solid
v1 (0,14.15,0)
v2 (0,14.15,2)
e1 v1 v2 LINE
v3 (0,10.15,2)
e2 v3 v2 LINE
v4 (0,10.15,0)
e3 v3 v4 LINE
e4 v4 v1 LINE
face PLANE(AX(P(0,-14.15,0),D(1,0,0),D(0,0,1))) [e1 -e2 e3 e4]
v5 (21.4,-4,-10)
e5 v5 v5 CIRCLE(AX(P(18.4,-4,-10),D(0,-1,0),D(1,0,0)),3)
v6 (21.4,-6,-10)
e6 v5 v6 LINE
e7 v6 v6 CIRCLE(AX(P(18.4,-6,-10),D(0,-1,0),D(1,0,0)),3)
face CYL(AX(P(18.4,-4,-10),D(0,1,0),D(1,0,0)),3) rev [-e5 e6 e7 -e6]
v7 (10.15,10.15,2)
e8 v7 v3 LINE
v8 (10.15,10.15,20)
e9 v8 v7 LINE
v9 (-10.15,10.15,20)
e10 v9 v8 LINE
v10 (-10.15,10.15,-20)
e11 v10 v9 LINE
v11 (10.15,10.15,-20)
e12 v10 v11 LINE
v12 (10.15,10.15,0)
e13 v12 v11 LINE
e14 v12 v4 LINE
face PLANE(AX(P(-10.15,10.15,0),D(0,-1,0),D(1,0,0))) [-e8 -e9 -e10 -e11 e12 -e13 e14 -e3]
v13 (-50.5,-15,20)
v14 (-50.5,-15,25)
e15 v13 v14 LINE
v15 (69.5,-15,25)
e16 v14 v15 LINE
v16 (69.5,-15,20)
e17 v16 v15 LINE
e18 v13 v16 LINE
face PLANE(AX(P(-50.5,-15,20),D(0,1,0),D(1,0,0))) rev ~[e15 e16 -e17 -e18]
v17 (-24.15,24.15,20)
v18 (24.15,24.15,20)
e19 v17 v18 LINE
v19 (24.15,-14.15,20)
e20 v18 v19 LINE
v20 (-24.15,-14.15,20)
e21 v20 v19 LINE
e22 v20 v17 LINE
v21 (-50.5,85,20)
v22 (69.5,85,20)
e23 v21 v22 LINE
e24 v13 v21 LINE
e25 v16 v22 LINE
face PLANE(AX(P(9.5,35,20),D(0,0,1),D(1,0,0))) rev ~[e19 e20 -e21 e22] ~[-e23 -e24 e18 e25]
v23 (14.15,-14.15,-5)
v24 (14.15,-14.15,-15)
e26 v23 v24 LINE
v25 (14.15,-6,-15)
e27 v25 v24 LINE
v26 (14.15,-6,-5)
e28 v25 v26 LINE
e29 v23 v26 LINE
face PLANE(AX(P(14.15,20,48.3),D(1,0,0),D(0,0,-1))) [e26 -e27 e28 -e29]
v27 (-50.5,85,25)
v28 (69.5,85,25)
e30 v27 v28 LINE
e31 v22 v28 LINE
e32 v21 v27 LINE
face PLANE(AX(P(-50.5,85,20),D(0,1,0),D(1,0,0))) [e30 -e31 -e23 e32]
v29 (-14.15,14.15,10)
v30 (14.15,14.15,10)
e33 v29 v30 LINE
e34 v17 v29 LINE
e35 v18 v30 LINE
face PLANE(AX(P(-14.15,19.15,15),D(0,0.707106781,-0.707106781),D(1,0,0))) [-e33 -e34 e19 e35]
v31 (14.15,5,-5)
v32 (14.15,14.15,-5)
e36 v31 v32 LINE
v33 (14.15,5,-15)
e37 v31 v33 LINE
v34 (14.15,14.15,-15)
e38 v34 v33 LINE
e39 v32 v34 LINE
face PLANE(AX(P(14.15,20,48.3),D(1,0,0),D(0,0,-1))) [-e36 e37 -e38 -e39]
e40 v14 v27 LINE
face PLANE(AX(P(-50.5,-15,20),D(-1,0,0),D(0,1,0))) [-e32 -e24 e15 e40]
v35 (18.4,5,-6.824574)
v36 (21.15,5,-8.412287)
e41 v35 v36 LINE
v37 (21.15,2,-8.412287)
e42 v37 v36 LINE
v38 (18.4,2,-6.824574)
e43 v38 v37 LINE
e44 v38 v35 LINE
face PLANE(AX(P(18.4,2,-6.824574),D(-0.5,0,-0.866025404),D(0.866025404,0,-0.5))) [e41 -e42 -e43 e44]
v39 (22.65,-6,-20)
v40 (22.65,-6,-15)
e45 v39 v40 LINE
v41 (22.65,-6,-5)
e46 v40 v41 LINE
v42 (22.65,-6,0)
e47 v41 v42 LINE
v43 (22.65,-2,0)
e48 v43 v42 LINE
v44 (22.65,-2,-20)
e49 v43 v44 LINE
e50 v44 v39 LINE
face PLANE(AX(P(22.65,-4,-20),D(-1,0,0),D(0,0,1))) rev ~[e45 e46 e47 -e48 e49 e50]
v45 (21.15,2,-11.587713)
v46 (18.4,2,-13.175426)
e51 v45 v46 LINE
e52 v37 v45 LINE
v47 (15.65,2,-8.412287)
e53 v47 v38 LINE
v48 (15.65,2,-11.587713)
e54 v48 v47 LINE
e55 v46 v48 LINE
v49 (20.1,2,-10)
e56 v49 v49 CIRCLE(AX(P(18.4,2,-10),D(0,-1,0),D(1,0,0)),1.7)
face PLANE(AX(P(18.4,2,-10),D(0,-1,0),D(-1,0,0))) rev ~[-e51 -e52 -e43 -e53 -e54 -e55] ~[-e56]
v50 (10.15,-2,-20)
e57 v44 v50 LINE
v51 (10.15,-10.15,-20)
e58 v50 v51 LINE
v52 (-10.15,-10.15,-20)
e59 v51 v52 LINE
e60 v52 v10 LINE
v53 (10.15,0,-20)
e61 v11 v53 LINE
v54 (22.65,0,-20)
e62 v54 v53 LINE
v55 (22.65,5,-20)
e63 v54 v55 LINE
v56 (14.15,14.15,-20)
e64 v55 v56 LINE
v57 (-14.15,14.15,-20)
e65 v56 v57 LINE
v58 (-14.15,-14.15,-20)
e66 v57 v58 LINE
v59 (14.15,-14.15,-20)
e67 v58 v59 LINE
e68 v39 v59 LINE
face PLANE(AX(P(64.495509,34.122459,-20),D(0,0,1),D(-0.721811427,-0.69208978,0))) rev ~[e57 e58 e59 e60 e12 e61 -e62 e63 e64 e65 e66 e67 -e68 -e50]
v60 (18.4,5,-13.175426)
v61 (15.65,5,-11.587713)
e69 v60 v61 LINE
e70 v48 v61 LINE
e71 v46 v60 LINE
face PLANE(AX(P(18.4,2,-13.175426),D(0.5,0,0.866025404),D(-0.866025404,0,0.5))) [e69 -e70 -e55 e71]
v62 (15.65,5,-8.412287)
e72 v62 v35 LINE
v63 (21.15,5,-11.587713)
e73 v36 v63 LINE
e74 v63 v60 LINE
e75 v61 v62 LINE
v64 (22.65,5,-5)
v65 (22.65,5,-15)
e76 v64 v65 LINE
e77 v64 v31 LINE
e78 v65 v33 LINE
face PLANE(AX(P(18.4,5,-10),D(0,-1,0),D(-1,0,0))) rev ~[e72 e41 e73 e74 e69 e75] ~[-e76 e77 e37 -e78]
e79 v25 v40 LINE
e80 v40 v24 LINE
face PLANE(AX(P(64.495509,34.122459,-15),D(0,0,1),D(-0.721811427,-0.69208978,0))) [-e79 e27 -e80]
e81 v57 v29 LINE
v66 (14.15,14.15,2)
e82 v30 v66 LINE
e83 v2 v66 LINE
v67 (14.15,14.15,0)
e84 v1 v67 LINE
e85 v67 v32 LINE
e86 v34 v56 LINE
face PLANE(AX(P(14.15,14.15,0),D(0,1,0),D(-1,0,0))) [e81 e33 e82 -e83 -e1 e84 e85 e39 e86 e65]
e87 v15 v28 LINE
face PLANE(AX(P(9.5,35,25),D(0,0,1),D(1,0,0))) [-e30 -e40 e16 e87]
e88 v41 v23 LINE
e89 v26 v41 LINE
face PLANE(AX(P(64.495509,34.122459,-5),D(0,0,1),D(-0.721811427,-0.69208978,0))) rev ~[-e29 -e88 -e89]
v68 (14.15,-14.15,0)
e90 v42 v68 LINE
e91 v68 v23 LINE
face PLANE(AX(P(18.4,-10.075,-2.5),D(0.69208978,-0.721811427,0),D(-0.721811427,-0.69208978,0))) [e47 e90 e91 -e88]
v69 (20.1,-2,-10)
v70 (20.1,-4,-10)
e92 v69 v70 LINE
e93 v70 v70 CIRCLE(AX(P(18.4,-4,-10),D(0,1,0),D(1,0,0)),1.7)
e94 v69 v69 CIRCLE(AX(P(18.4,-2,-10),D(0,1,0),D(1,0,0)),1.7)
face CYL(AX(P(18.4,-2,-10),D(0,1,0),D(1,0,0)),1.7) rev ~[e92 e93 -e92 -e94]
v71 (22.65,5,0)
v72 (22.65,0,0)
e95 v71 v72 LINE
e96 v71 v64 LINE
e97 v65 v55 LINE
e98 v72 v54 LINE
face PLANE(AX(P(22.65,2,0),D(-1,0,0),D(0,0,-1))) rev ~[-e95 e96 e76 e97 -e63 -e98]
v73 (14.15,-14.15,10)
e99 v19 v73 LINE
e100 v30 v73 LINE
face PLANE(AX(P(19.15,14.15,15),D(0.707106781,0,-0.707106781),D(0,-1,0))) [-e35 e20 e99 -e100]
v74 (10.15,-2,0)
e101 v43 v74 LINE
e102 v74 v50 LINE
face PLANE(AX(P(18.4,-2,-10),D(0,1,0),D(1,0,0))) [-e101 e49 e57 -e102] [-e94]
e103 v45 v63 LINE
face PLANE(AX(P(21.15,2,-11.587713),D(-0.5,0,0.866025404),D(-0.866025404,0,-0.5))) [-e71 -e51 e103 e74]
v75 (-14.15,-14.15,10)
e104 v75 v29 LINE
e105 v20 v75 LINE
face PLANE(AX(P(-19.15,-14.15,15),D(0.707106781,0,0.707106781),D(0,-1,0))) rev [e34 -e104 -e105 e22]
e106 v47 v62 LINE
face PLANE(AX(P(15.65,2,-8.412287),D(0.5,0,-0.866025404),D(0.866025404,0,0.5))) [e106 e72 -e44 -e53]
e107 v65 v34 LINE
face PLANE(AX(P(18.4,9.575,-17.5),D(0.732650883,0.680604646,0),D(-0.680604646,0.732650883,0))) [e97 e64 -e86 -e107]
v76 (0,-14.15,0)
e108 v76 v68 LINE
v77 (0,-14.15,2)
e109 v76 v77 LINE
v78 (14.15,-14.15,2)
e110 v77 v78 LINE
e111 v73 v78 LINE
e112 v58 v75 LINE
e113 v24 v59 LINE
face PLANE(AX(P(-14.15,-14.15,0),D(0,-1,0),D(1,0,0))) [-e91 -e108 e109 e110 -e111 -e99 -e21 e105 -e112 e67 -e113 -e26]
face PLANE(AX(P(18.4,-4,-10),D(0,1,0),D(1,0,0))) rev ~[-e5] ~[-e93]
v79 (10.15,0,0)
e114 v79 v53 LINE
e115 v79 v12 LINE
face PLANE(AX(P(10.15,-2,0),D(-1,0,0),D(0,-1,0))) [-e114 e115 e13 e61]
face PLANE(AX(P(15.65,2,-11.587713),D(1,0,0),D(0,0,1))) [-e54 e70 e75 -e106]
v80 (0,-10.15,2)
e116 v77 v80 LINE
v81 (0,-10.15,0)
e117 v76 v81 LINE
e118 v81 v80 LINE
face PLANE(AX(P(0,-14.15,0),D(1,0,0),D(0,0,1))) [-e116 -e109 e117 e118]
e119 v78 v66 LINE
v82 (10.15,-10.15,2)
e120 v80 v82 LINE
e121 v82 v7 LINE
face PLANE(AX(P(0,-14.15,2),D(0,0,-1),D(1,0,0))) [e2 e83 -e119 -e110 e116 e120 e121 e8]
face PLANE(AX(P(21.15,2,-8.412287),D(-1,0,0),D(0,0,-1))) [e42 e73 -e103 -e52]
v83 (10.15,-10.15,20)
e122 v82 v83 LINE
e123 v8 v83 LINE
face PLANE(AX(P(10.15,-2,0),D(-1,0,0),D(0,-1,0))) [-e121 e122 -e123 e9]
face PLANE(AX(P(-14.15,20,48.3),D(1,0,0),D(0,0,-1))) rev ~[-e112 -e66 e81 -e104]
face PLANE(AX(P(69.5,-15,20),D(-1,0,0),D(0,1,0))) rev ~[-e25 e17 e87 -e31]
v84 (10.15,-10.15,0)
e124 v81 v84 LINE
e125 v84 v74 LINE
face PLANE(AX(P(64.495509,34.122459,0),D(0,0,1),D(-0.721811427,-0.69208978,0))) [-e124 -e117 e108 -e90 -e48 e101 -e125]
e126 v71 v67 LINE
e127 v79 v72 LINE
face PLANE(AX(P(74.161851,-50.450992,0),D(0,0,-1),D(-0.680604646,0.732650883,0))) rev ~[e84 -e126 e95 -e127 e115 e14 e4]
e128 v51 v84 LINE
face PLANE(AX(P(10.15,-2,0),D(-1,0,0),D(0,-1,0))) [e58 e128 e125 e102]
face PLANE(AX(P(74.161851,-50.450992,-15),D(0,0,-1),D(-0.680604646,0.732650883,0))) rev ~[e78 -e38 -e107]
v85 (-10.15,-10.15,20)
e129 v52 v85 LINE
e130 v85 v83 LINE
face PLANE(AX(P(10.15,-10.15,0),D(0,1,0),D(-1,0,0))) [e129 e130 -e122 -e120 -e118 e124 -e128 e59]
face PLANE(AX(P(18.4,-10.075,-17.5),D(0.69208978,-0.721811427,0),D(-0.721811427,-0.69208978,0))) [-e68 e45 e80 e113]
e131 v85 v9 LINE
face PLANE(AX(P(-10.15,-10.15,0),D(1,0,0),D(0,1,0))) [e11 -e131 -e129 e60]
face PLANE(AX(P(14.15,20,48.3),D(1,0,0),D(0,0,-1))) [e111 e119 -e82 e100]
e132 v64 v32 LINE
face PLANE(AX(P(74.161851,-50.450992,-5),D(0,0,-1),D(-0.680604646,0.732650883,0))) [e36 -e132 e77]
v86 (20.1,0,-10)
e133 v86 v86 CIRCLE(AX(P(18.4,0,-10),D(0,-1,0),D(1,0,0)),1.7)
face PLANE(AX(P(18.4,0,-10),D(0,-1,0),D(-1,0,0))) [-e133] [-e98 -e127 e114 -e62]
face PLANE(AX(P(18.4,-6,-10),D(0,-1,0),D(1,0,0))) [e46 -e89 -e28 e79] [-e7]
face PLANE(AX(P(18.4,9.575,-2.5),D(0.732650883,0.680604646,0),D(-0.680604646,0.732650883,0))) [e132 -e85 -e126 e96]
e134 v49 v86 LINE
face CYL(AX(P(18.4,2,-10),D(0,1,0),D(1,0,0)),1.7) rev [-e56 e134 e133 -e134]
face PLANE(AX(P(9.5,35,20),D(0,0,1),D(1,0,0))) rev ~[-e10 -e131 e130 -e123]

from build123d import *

# Parameters (mm, degrees)
ESQUISSE1_W                = 28.3
ESQUISSE1_H                = 28.3
ESQUISSE1_W_2              = 20.3
ESQUISSE1_H_2              = 20.3
ESQUISSE1_W_3              = 4
ESQUISSE1_H_3              = 2
BOSS_EXTRU_1_DEPTH         = 20
BOSS_EXTRU_7_DEPTH         = 20
ESQUISSE2_W                = 8.5
ESQUISSE2_H                = 20
ESQUISSE2_R                = 1.7
BOSS_EXTRU_2_DEPTH         = 2
ESQUISSE2_3_W              = 8.5
ESQUISSE2_3_H              = 20
BOSS_EXTRU_3_DEPTH         = 3
ESQUISSE3_W                = 8.5
ESQUISSE3_H                = 20
ESQUISSE3_R                = 1.7
BOSS_EXTRU_4_DEPTH         = 2
ESQUISSE5_W                = 8.5
ESQUISSE5_H                = 20
ESQUISSE5_R                = 3
BOSS_EXTRU_5_DEPTH         = 2
BOSS_EXTRU_6_DEPTH         = 20
BOSS_EXTRU_6_DEPTH_BACK    = 20
ESQUISSE6_W                = 28.3
ESQUISSE6_H                = 28.3
ESQUISSE6_W_2              = 15.3
ESQUISSE6_H_2              = 15.3
ENL_V_MAT_EXTRU_1_REACH    = 68.678
ESQUISSE7_W                = 6.5
ESQUISSE7_H                = 2
ENL_V_MAT_EXTRU_2_REACH    = 65.341
ESQUISSE8_W                = 14.15
ESQUISSE8_H                = 2
ESQUISSE9_W                = 8.5
ESQUISSE9_H                = 40
BOSS_EXTRU_8_DEPTH         = 5
ESQUISSE9_4_R              = 1.7
BOSS_EXTRU_9_DEPTH         = 2
BOSS_EXTRU_10_START        = -2
ESQUISSE10_W               = 8.5
ESQUISSE10_H               = 40
ESQUISSE10_R               = 1.7
BOSS_EXTRU_10_DEPTH        = 2
ESQUISSE11_W               = 8.5
ESQUISSE11_H               = 40
ESQUISSE11_R               = 3
BOSS_EXTRU_11_DEPTH        = 2
NERVURE4_REACH             = 68.678
ESQUISSE14_WALL_W          = 147.131281186
ESQUISSE14_WALL_H          = 5
NERVURE10_REACH            = 68.678
ESQUISSE16_WALL_W          = 147.844247416
ESQUISSE16_WALL_H          = 5
R_P_TITION_LIN_AIRE1_COUNT = 3
R_P_TITION_LIN_AIRE1_PITCH = 17.5
NERVURE11_REACH            = 76.685
ESQUISSE17_WALL_W          = 163.85974229
ESQUISSE17_WALL_H          = 5
NERVURE17_REACH            = 58.973
ESQUISSE19_WALL_W          = 127.721749296
ESQUISSE19_WALL_H          = 5
R_P_TITION_LIN_AIRE2_COUNT = 2
R_P_TITION_LIN_AIRE2_PITCH = 15
R_P_TITION_LIN_AIRE3_COUNT = 2
R_P_TITION_LIN_AIRE3_PITCH = 15
ENL_V_MAT_EXTRU_3_REACH    = 52.13
ESQUISSE20_W               = 77.833771897
ESQUISSE20_H               = 63.25162408
ESQUISSE21_W               = 120
ESQUISSE21_H               = 100
BOSS_EXTRU_12_DEPTH        = 5
CHANFREIN1_SIZE            = 10


with BuildPart() as part:
    # Esquisse1 → Boss.-Extru.1 (new body)
    # profile 1 of 2: a face of its own
    with BuildSketch(Plane.XY):
        Rectangle(ESQUISSE1_W, ESQUISSE1_H)
        Rectangle(ESQUISSE1_W_2, ESQUISSE1_H_2, mode=Mode.SUBTRACT)
    # profile 2 of 2: a face of its own
    with BuildSketch(Plane.XY):
        with Locations((12.15, -1)):
            Rectangle(ESQUISSE1_W_3, ESQUISSE1_H_3)
    extrude(amount=BOSS_EXTRU_1_DEPTH)

    # Esquisse1<3> → Boss.-Extru.7 (add)
    with BuildSketch(Plane.XY):
        Polygon((14.15, 14.15), (-14.15, 14.15), (-14.15, -14.15), (14.15, -14.15), (14.15, -2), (10.15, -2), (10.15, -10.15), (-10.15, -10.15), (-10.15, 10.15), (10.15, 10.15), (10.15, 0), (14.15, 0), align=None)
    extrude(amount=-BOSS_EXTRU_7_DEPTH)

    # Esquisse2 → Boss.-Extru.2 (add)
    with BuildSketch(Plane(origin=(0, 2, 0), x_dir=(-1, 0, 0), z_dir=(0, -1, 0))):
        with Locations((-18.4, 10)):
            Rectangle(ESQUISSE2_W, ESQUISSE2_H)
        with Locations(Location((-18.4, 10, 0), (0, 0, 180))):
            Circle(ESQUISSE2_R, mode=Mode.SUBTRACT)
    extrude(amount=BOSS_EXTRU_2_DEPTH)

    # Esquisse2<3> → Boss.-Extru.3 (add)
    with BuildSketch(Plane(origin=(0, 2, 0), x_dir=(-1, 0, 0), z_dir=(0, -1, 0))):
        with Locations((-18.4, 10)):
            Rectangle(ESQUISSE2_3_W, ESQUISSE2_3_H)
        Polygon((-15.65, 11.58771324), (-15.65, 8.41228676), (-18.4, 6.824573519), (-21.15, 8.41228676), (-21.15, 11.58771324), (-18.4, 13.175426481), align=None, mode=Mode.SUBTRACT)
    extrude(amount=-BOSS_EXTRU_3_DEPTH)

    # Esquisse3 → Boss.-Extru.4 (add)
    with BuildSketch(Plane(origin=(0, -2, 0), x_dir=(1, 0, 0), z_dir=(0, 1, 0))):
        with Locations((18.4, 10)):
            Rectangle(ESQUISSE3_W, ESQUISSE3_H)
        with Locations((18.4, 10)):
            Circle(ESQUISSE3_R, mode=Mode.SUBTRACT)
    extrude(amount=-BOSS_EXTRU_4_DEPTH)

    # Esquisse5 → Boss.-Extru.5 (add)
    with BuildSketch(Plane.XZ.offset(4)):
        with Locations((18.4, -10)):
            Rectangle(ESQUISSE5_W, ESQUISSE5_H)
        with Locations((18.4, -10)):
            Circle(ESQUISSE5_R, mode=Mode.SUBTRACT)
    extrude(amount=BOSS_EXTRU_5_DEPTH)

    # Esquisse6 → Boss.-Extru.6 (add, two sides: drawn at the far end of the back side and taken through both)
    with BuildSketch(Plane(origin=(0, 0, 0), x_dir=(-1, 0, 0), z_dir=(0, -1, 0)).offset(-BOSS_EXTRU_6_DEPTH_BACK)):
        with Locations((0, -34.15)):
            Rectangle(ESQUISSE6_W, ESQUISSE6_H)
        with Locations((0, -34.15)):
            Rectangle(ESQUISSE6_W_2, ESQUISSE6_H_2, mode=Mode.SUBTRACT)
    extrude(amount=BOSS_EXTRU_6_DEPTH + BOSS_EXTRU_6_DEPTH_BACK)

    # Esquisse7 → Enlèv. mat.-Extru.1 (cut, up to next)
    with BuildSketch(Plane.XZ.offset(20), mode=Mode.PRIVATE) as enl_v_mat_extru_1_sk1:
        with Locations((10.9, 35.15)):
            Rectangle(ESQUISSE7_W, ESQUISSE7_H)
    enl_v_mat_extru_1_tool1 = extrude(enl_v_mat_extru_1_sk1.sketch, amount=-ENL_V_MAT_EXTRU_1_REACH, mode=Mode.PRIVATE) & part.part
    add(enl_v_mat_extru_1_tool1.solids().sort_by_distance((10.9, -20, 35.15))[0], mode=Mode.SUBTRACT)

    # Esquisse8 → Enlèv. mat.-Extru.2 (cut, up to next)
    with BuildSketch(Plane.XZ.offset(14.15), mode=Mode.PRIVATE) as enl_v_mat_extru_2_sk1:
        with Locations((7.075, 1)):
            Rectangle(ESQUISSE8_W, ESQUISSE8_H)
    enl_v_mat_extru_2_tool1 = extrude(enl_v_mat_extru_2_sk1.sketch, amount=-ENL_V_MAT_EXTRU_2_REACH, mode=Mode.PRIVATE) & part.part
    add(enl_v_mat_extru_2_tool1.solids().sort_by_distance((7.075, -14.15, 1))[0], mode=Mode.SUBTRACT)

    # Esquisse9 → Boss.-Extru.8 (add)
    with BuildSketch(Plane.XY.offset(34.15)):
        with Locations((18.4, 0)):
            Rectangle(ESQUISSE9_W, ESQUISSE9_H)
        Polygon((18.4, 6.824573519), (21.15, 8.41228676), (21.15, 11.58771324), (18.4, 13.175426481), (15.65, 11.58771324), (15.65, 8.41228676), align=None, mode=Mode.SUBTRACT)
        Polygon((18.4, -6.824573519), (21.15, -8.41228676), (21.15, -11.58771324), (18.4, -13.175426481), (15.65, -11.58771324), (15.65, -8.41228676), align=None, mode=Mode.SUBTRACT)
    extrude(amount=-BOSS_EXTRU_8_DEPTH)

    # Esquisse9<4> → Boss.-Extru.9 (add)
    # profile 1 of 2: a face of its own
    with BuildSketch(Plane.XY.offset(34.15)):
        Polygon((15.65, 8.41228676), (18.4, 6.824573519), (21.15, 8.41228676), (21.15, 11.58771324), (18.4, 13.175426481), (15.65, 11.58771324), align=None)
        with Locations((18.4, 10)):
            Circle(ESQUISSE9_4_R, mode=Mode.SUBTRACT)
    # profile 2 of 2: a face of its own
    with BuildSketch(Plane.XY.offset(34.15)):
        Polygon((21.15, -8.41228676), (21.15, -11.58771324), (18.4, -13.175426481), (15.65, -11.58771324), (15.65, -8.41228676), (18.4, -6.824573519), align=None)
        with Locations((18.4, -10)):
            Circle(ESQUISSE9_4_R, mode=Mode.SUBTRACT)
    extrude(amount=-BOSS_EXTRU_9_DEPTH)

    # Esquisse10 → Boss.-Extru.10 (add)
    with BuildSketch(Plane(origin=(0, 0, 36.15), x_dir=(-1, 0, 0), z_dir=(0, 0, -1)).offset(BOSS_EXTRU_10_START)):
        with Locations((-18.4, 0)):
            Rectangle(ESQUISSE10_W, ESQUISSE10_H)
        with Locations(Location((-18.4, -10, 0), (0, 0, 180))):
            Circle(ESQUISSE10_R, mode=Mode.SUBTRACT)
        with Locations(Location((-18.4, 10, 0), (0, 0, 180))):
            Circle(ESQUISSE10_R, mode=Mode.SUBTRACT)
    extrude(amount=BOSS_EXTRU_10_DEPTH)

    # Esquisse11 → Boss.-Extru.11 (add)
    with BuildSketch(Plane.XY.offset(38.15)):
        with Locations((18.4, 0)):
            Rectangle(ESQUISSE11_W, ESQUISSE11_H)
        with Locations((18.4, 10)):
            Circle(ESQUISSE11_R, mode=Mode.SUBTRACT)
        with Locations((18.4, -10)):
            Circle(ESQUISSE11_R, mode=Mode.SUBTRACT)
    extrude(amount=BOSS_EXTRU_11_DEPTH)

    # Esquisse14 wall → Nervure4 (add, up to next)
    with BuildSketch(Plane(origin=(18.4, -20, 44.225), x_dir=(0.721811427095, 0, -0.692089780097), z_dir=(0.692089780097, 0, 0.721811427095)), mode=Mode.PRIVATE) as nervure4_sk1:
        with Locations((0, 2.5)):
            Rectangle(ESQUISSE14_WALL_W, ESQUISSE14_WALL_H)
    nervure4_tool1 = extrude(nervure4_sk1.sketch, amount=-NERVURE4_REACH, mode=Mode.PRIVATE) - part.part
    nervure4 = nervure4_tool1.solids().sort_by_distance((18.4, -20, 44.225))[0]
    add(nervure4)

    # Esquisse16 wall → Nervure10 (add, up to next)
    with BuildSketch(Plane(origin=(18.4, -20, 24.575), x_dir=(-0.680604645507, 0, -0.732650883105), z_dir=(0.732650883105, 0, -0.680604645507)), mode=Mode.PRIVATE) as nervure10_sk1:
        with Locations((0, 2.5)):
            Rectangle(ESQUISSE16_WALL_W, ESQUISSE16_WALL_H)
    nervure10_tool1 = extrude(nervure10_sk1.sketch, amount=-NERVURE10_REACH, mode=Mode.PRIVATE) - part.part
    nervure10 = nervure10_tool1.solids().sort_by_distance((18.4, -20, 24.575))[0]
    add(nervure10)

    # Répétition linéaire1: Nervure4, Nervure10 ×3
    with Locations(*[(0, i * R_P_TITION_LIN_AIRE1_PITCH, 0) for i in range(1, R_P_TITION_LIN_AIRE1_COUNT)]):
        add(nervure4)
        add(nervure10)

    # Esquisse17 wall → Nervure11 (add, up to next)
    with BuildSketch(Plane(origin=(18.4, 9.575, -20), x_dir=(-0.680604645507, 0.732650883105, 0), z_dir=(0.732650883105, 0.680604645507, 0)), mode=Mode.PRIVATE) as nervure11_sk1:
        with Locations((0, 2.5)):
            Rectangle(ESQUISSE17_WALL_W, ESQUISSE17_WALL_H)
    nervure11_tool1 = extrude(nervure11_sk1.sketch, amount=-NERVURE11_REACH, mode=Mode.PRIVATE) - part.part
    nervure11 = nervure11_tool1.solids().sort_by_distance((18.4, 9.575, -20))[0]
    add(nervure11)

    # Esquisse19 wall → Nervure17 (add, up to next)
    with BuildSketch(Plane(origin=(18.4, -10.075, 0), x_dir=(-0.721811427095, -0.692089780097, 0), z_dir=(0.692089780097, -0.721811427095, 0)), mode=Mode.PRIVATE) as nervure17_sk1:
        with Locations((0, 2.5)):
            Rectangle(ESQUISSE19_WALL_W, ESQUISSE19_WALL_H)
    nervure17_tool1 = extrude(nervure17_sk1.sketch, amount=-NERVURE17_REACH, mode=Mode.PRIVATE) - part.part
    nervure17 = nervure17_tool1.solids().sort_by_distance((18.4, -10.075, 0))[0]
    add(nervure17)

    # Répétition linéaire2: Nervure17 ×2
    with Locations(*[(0, 0, -i * R_P_TITION_LIN_AIRE2_PITCH) for i in range(1, R_P_TITION_LIN_AIRE2_COUNT)]):
        add(nervure17)

    # Répétition linéaire3: Nervure11 ×2
    with Locations(*[(0, 0, i * R_P_TITION_LIN_AIRE3_PITCH) for i in range(1, R_P_TITION_LIN_AIRE3_COUNT)]):
        add(nervure11)

    # Esquisse20 → Enlèv. mat.-Extru.3 (cut, up to next)
    with BuildSketch(Plane(origin=(0, 0, 20), x_dir=(-1, 0, 0), z_dir=(0, 0, -1)), mode=Mode.PRIVATE) as enl_v_mat_extru_3_sk1:
        with Locations((6.593135557, -7.228757038)):
            Rectangle(ESQUISSE20_W, ESQUISSE20_H)
    enl_v_mat_extru_3_tool1 = extrude(enl_v_mat_extru_3_sk1.sketch, amount=-ENL_V_MAT_EXTRU_3_REACH, mode=Mode.PRIVATE) & part.part
    add(enl_v_mat_extru_3_tool1.solids().sort_by_distance((-6.593136, -7.228757, 20))[0], mode=Mode.SUBTRACT)

    # Esquisse21 → Boss.-Extru.12 (add)
    with BuildSketch(Plane.XY.offset(20)):
        with Locations((9.5, 35)):
            Rectangle(ESQUISSE21_W, ESQUISSE21_H)
    extrude(amount=BOSS_EXTRU_12_DEPTH)

    # Chanfrein1
    chanfrein1_edges = [part.edges().sort_by_distance(p)[0] for p in [
        (0, 14.15, 20),
        (14.15, 0, 20),
        (-14.15, 0, 20),
    ]]
    chamfer(chanfrein1_edges, length=CHANFREIN1_SIZE)


solid = part.part
